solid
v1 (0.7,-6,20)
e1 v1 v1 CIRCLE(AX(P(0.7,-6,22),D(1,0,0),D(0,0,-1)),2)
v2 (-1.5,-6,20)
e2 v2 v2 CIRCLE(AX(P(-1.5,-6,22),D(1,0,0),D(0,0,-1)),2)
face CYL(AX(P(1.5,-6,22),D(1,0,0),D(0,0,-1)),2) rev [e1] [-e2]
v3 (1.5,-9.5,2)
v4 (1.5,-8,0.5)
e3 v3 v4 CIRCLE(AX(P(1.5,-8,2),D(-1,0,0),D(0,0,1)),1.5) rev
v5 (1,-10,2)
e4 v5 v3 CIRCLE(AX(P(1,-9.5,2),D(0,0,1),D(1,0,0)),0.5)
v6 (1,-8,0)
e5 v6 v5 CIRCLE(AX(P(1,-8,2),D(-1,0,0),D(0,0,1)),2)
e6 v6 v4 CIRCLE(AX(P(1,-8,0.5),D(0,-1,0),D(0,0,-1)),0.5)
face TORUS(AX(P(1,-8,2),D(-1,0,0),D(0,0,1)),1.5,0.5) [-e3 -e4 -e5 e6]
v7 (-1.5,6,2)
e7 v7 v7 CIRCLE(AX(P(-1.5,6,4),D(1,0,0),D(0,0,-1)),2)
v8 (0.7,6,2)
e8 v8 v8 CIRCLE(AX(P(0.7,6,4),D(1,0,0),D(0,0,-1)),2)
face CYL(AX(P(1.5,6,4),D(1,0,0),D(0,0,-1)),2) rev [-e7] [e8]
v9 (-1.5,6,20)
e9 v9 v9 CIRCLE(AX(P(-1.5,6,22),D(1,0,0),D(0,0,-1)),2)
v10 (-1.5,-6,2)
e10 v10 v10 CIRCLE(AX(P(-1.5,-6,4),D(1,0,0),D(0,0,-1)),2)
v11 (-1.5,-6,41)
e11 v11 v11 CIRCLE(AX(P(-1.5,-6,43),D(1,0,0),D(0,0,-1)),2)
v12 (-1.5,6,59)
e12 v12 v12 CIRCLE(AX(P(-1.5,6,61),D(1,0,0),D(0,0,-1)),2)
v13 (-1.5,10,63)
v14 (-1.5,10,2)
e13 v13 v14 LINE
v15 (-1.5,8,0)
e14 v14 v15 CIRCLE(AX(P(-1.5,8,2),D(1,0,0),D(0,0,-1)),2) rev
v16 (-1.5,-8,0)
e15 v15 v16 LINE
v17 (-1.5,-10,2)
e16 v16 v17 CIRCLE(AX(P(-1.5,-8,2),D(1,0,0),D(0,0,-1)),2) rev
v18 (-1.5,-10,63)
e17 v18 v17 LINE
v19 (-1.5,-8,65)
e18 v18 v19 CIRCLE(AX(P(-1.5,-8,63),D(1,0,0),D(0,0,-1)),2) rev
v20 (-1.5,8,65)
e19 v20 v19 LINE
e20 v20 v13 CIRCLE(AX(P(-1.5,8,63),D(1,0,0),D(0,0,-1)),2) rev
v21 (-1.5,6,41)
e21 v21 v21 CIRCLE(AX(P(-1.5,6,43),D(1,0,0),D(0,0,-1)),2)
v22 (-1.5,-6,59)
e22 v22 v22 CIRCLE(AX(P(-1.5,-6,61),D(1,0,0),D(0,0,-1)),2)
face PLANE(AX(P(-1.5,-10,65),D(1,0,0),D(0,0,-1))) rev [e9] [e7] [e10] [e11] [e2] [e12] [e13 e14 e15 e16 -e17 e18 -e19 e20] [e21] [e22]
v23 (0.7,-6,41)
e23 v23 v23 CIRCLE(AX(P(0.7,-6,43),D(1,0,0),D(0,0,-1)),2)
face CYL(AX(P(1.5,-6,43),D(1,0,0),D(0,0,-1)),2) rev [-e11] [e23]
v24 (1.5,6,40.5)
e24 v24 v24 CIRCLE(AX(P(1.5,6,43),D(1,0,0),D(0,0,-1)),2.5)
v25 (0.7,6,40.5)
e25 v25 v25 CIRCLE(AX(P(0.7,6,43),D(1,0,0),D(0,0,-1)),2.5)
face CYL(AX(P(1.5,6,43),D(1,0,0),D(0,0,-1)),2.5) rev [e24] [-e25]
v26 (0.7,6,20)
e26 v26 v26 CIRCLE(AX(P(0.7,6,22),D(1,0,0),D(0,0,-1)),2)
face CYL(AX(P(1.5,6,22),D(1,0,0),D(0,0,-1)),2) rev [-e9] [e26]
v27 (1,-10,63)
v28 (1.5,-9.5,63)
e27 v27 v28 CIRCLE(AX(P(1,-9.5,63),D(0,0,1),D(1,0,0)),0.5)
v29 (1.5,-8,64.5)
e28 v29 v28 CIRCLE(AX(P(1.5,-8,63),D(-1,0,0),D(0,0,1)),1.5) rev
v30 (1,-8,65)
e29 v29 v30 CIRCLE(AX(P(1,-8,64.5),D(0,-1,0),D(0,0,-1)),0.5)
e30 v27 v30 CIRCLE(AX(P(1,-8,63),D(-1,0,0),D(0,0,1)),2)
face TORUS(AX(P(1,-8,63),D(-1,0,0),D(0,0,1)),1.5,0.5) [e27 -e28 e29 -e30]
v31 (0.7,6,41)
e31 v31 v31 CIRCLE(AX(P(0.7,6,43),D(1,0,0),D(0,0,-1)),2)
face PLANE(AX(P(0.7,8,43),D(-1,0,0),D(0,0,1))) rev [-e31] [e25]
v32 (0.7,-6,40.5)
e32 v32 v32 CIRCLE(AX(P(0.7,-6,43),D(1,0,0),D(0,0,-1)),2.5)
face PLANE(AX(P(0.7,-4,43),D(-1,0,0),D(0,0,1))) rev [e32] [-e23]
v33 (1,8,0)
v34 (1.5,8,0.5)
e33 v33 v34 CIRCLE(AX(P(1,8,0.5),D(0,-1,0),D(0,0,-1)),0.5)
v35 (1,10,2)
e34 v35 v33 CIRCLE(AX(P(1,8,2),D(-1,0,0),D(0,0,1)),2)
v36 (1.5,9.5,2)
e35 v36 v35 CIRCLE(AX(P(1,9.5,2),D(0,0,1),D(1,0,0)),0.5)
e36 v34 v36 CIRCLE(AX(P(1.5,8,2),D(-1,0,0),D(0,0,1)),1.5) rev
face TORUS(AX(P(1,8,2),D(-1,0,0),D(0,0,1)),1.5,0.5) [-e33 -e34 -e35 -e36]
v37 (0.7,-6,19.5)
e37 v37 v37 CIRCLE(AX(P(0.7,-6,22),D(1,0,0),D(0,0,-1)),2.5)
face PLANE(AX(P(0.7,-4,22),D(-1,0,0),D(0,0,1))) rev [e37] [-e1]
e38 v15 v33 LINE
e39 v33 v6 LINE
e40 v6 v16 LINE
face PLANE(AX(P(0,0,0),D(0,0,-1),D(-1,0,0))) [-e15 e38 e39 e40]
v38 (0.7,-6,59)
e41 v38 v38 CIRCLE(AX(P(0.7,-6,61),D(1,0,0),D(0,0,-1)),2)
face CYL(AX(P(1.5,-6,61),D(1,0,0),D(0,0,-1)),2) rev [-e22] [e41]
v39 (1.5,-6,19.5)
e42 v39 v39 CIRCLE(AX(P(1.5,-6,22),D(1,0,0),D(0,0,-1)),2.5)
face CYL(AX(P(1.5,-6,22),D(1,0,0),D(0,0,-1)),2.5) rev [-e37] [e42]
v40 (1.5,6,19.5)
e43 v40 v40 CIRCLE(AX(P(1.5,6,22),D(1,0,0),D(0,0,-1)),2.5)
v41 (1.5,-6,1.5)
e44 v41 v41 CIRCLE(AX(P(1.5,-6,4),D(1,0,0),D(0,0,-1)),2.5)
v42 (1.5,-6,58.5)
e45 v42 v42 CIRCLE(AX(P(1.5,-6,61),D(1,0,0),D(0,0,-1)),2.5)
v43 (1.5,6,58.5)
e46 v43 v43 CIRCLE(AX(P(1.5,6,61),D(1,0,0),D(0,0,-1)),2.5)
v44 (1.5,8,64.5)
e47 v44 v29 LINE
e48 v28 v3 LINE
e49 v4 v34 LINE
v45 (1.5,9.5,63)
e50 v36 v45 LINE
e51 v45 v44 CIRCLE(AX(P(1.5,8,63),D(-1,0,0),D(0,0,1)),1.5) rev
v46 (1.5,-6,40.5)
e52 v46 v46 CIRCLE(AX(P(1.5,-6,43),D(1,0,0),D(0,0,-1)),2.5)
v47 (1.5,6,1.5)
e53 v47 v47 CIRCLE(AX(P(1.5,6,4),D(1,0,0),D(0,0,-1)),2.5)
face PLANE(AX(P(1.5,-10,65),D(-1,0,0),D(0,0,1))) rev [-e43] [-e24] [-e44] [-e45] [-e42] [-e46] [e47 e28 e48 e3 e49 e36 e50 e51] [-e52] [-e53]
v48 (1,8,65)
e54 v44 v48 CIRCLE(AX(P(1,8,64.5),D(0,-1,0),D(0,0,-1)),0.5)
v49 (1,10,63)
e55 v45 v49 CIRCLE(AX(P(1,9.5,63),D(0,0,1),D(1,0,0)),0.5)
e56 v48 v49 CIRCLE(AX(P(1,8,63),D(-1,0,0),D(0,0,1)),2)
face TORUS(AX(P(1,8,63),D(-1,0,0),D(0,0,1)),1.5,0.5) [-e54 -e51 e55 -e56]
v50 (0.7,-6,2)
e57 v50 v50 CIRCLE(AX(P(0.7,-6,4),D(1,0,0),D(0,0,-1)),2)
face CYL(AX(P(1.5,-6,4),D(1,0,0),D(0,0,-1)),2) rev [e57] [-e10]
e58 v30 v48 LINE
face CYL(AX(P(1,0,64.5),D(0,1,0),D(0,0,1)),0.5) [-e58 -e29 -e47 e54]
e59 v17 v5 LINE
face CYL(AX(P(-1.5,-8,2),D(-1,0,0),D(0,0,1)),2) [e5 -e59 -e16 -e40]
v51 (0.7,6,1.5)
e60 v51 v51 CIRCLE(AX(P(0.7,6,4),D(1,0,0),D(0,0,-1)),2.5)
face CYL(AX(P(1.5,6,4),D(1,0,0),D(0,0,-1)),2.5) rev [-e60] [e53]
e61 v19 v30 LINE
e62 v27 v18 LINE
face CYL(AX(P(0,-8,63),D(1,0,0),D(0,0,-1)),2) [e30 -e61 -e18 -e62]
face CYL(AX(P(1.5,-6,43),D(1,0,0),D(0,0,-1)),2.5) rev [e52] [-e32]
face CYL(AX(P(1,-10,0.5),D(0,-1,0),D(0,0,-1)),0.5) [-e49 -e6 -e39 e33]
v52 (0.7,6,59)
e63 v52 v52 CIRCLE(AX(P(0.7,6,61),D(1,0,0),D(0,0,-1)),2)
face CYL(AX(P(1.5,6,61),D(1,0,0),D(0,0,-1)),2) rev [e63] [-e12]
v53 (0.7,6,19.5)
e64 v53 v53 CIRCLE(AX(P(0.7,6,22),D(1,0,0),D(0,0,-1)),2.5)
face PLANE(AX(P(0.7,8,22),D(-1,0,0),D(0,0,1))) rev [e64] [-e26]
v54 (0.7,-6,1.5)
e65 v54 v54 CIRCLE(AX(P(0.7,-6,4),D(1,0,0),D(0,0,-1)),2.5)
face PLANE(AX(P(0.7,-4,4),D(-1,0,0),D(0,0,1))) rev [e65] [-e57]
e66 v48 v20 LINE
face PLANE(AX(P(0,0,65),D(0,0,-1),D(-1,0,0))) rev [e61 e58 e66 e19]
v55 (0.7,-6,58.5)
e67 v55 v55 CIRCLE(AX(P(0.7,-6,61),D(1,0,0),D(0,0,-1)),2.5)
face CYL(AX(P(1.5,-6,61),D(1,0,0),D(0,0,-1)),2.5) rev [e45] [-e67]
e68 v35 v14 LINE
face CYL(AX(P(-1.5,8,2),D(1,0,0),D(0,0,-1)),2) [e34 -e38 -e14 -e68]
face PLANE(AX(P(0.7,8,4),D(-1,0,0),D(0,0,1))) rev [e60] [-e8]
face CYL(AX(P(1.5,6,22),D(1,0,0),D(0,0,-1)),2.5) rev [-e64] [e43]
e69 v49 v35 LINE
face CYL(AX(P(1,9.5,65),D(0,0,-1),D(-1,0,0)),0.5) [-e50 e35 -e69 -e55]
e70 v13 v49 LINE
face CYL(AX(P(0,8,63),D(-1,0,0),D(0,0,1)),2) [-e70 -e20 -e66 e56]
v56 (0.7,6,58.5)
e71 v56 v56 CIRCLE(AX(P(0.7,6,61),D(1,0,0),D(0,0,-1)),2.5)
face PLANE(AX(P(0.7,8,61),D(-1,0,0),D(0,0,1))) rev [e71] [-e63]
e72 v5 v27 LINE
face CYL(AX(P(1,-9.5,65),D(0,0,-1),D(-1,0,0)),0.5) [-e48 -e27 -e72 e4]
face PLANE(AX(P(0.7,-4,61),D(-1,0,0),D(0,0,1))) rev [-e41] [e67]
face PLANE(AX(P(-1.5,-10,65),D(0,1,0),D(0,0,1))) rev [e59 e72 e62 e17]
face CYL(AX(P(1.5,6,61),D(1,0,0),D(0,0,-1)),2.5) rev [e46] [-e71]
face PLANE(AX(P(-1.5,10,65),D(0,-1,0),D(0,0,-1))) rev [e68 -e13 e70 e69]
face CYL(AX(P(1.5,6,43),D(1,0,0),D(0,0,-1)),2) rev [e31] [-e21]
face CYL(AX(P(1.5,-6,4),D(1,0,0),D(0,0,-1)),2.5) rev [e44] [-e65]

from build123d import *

# Parameters (mm, degrees)
SKETCH2_W            = 3
SKETCH2_H            = 20
BOSS_EXTRUDE2_DEPTH  = 65
FILLET3_R            = 2
FILLET4_R            = 2
FILLET5_R            = 2
FILLET6_R            = 2
LPATTERN1_COUNT      = 2
LPATTERN1_PITCH      = 18
LPATTERN1_COUNT_DIR2 = 2
LPATTERN1_PITCH_DIR2 = 12
FILLET7_R            = 0.5


with BuildPart() as part:
    # Sketch2 → Boss-Extrude2 (new body)
    with BuildSketch(Plane.XY):
        Rectangle(SKETCH2_W, SKETCH2_H)
    extrude(amount=BOSS_EXTRUDE2_DEPTH)

    # Fillet3
    fillet3_edges = [part.edges().sort_by_distance(p)[0] for p in [
        (0, 10, 65),
    ]]
    fillet(fillet3_edges, radius=FILLET3_R)

    # Fillet4
    fillet4_edges = [part.edges().sort_by_distance(p)[0] for p in [
        (0, -10, 65),
    ]]
    fillet(fillet4_edges, radius=FILLET4_R)

    # Fillet5
    fillet5_edges = [part.edges().sort_by_distance(p)[0] for p in [
        (0, 10, 0),
    ]]
    fillet(fillet5_edges, radius=FILLET5_R)

    # Fillet6
    fillet6_edges = [part.edges().sort_by_distance(p)[0] for p in [
        (0, -10, 0),
    ]]
    fillet(fillet6_edges, radius=FILLET6_R)

    # Sketch4 → CBORE for M5 Hex Head Bolt1 (revolve, cut)
    with BuildSketch(Plane(origin=(1.5, 6, 61), x_dir=(0, 0, -1), z_dir=(0, 1, 0))):
        Polygon((0, 0), (0, 5.178090033), (2, 4), (2, 0.8), (2.5, 0.8), (2.5, 0), align=None)
    cbore_for_m5_hex_head_bolt1 = revolve(axis=Axis((7.85, 6, 61), (-1, 0, 0)), mode=Mode.SUBTRACT)

    # LPattern1: CBORE for M5 Hex Head Bolt1 2 × 2
    with Locations(*[(0, -j * LPATTERN1_PITCH_DIR2, -i * LPATTERN1_PITCH) for i in range(LPATTERN1_COUNT) for j in range(LPATTERN1_COUNT_DIR2) if (i, j) != (0, 0)]):
        add(cbore_for_m5_hex_head_bolt1, mode=Mode.SUBTRACT)

    # Mirror16: CBORE for M5 Hex Head Bolt1 across plane
    add(cbore_for_m5_hex_head_bolt1.mirror(Plane.XY.offset(32.5)), mode=Mode.SUBTRACT)

    # Mirror16 copy 1 sketch → Mirror16 copy 1 (revolve, cut)
    with BuildSketch(Plane(origin=(1.5, -6, 4), x_dir=(0, 0, 1), z_dir=(0, 1, 0))):
        Polygon((0, 0), (0, -5.178090033), (2, -4), (2, -0.8), (2.5, -0.8), (2.5, 0), align=None)
    revolve(axis=Axis((7.85, -6, 4), (1, 0, 0)), mode=Mode.SUBTRACT)

    # Mirror16 copy 2 sketch → Mirror16 copy 2 (revolve, cut)
    with BuildSketch(Plane(origin=(1.5, 6, 22), x_dir=(0, 0, 1), z_dir=(0, 1, 0))):
        Polygon((0, 0), (0, -5.178090033), (2, -4), (2, -0.8), (2.5, -0.8), (2.5, 0), align=None)
    revolve(axis=Axis((7.85, 6, 22), (1, 0, 0)), mode=Mode.SUBTRACT)

    # Mirror16 copy 3 sketch → Mirror16 copy 3 (revolve, cut)
    with BuildSketch(Plane(origin=(1.5, -6, 22), x_dir=(0, 0, 1), z_dir=(0, 1, 0))):
        Polygon((0, 0), (0, -5.178090033), (2, -4), (2, -0.8), (2.5, -0.8), (2.5, 0), align=None)
    revolve(axis=Axis((7.85, -6, 22), (1, 0, 0)), mode=Mode.SUBTRACT)

    # Fillet7
    fillet7_edges = [part.edges().sort_by_distance(p)[0] for p in [
        (1.5, 10, 32.5),
        (1.5, 9.414213562, 64.414213562),
        (1.5, 0, 65),
        (1.5, -10, 32.5),
        (1.5, -9.414213562, 64.414213562),
        (1.5, 9.414213562, 0.585786438),
        (1.5, 0, 0),
        (1.5, -9.414213562, 0.585786438),
    ]]
    fillet(fillet7_edges, radius=FILLET7_R)


solid = part.part
